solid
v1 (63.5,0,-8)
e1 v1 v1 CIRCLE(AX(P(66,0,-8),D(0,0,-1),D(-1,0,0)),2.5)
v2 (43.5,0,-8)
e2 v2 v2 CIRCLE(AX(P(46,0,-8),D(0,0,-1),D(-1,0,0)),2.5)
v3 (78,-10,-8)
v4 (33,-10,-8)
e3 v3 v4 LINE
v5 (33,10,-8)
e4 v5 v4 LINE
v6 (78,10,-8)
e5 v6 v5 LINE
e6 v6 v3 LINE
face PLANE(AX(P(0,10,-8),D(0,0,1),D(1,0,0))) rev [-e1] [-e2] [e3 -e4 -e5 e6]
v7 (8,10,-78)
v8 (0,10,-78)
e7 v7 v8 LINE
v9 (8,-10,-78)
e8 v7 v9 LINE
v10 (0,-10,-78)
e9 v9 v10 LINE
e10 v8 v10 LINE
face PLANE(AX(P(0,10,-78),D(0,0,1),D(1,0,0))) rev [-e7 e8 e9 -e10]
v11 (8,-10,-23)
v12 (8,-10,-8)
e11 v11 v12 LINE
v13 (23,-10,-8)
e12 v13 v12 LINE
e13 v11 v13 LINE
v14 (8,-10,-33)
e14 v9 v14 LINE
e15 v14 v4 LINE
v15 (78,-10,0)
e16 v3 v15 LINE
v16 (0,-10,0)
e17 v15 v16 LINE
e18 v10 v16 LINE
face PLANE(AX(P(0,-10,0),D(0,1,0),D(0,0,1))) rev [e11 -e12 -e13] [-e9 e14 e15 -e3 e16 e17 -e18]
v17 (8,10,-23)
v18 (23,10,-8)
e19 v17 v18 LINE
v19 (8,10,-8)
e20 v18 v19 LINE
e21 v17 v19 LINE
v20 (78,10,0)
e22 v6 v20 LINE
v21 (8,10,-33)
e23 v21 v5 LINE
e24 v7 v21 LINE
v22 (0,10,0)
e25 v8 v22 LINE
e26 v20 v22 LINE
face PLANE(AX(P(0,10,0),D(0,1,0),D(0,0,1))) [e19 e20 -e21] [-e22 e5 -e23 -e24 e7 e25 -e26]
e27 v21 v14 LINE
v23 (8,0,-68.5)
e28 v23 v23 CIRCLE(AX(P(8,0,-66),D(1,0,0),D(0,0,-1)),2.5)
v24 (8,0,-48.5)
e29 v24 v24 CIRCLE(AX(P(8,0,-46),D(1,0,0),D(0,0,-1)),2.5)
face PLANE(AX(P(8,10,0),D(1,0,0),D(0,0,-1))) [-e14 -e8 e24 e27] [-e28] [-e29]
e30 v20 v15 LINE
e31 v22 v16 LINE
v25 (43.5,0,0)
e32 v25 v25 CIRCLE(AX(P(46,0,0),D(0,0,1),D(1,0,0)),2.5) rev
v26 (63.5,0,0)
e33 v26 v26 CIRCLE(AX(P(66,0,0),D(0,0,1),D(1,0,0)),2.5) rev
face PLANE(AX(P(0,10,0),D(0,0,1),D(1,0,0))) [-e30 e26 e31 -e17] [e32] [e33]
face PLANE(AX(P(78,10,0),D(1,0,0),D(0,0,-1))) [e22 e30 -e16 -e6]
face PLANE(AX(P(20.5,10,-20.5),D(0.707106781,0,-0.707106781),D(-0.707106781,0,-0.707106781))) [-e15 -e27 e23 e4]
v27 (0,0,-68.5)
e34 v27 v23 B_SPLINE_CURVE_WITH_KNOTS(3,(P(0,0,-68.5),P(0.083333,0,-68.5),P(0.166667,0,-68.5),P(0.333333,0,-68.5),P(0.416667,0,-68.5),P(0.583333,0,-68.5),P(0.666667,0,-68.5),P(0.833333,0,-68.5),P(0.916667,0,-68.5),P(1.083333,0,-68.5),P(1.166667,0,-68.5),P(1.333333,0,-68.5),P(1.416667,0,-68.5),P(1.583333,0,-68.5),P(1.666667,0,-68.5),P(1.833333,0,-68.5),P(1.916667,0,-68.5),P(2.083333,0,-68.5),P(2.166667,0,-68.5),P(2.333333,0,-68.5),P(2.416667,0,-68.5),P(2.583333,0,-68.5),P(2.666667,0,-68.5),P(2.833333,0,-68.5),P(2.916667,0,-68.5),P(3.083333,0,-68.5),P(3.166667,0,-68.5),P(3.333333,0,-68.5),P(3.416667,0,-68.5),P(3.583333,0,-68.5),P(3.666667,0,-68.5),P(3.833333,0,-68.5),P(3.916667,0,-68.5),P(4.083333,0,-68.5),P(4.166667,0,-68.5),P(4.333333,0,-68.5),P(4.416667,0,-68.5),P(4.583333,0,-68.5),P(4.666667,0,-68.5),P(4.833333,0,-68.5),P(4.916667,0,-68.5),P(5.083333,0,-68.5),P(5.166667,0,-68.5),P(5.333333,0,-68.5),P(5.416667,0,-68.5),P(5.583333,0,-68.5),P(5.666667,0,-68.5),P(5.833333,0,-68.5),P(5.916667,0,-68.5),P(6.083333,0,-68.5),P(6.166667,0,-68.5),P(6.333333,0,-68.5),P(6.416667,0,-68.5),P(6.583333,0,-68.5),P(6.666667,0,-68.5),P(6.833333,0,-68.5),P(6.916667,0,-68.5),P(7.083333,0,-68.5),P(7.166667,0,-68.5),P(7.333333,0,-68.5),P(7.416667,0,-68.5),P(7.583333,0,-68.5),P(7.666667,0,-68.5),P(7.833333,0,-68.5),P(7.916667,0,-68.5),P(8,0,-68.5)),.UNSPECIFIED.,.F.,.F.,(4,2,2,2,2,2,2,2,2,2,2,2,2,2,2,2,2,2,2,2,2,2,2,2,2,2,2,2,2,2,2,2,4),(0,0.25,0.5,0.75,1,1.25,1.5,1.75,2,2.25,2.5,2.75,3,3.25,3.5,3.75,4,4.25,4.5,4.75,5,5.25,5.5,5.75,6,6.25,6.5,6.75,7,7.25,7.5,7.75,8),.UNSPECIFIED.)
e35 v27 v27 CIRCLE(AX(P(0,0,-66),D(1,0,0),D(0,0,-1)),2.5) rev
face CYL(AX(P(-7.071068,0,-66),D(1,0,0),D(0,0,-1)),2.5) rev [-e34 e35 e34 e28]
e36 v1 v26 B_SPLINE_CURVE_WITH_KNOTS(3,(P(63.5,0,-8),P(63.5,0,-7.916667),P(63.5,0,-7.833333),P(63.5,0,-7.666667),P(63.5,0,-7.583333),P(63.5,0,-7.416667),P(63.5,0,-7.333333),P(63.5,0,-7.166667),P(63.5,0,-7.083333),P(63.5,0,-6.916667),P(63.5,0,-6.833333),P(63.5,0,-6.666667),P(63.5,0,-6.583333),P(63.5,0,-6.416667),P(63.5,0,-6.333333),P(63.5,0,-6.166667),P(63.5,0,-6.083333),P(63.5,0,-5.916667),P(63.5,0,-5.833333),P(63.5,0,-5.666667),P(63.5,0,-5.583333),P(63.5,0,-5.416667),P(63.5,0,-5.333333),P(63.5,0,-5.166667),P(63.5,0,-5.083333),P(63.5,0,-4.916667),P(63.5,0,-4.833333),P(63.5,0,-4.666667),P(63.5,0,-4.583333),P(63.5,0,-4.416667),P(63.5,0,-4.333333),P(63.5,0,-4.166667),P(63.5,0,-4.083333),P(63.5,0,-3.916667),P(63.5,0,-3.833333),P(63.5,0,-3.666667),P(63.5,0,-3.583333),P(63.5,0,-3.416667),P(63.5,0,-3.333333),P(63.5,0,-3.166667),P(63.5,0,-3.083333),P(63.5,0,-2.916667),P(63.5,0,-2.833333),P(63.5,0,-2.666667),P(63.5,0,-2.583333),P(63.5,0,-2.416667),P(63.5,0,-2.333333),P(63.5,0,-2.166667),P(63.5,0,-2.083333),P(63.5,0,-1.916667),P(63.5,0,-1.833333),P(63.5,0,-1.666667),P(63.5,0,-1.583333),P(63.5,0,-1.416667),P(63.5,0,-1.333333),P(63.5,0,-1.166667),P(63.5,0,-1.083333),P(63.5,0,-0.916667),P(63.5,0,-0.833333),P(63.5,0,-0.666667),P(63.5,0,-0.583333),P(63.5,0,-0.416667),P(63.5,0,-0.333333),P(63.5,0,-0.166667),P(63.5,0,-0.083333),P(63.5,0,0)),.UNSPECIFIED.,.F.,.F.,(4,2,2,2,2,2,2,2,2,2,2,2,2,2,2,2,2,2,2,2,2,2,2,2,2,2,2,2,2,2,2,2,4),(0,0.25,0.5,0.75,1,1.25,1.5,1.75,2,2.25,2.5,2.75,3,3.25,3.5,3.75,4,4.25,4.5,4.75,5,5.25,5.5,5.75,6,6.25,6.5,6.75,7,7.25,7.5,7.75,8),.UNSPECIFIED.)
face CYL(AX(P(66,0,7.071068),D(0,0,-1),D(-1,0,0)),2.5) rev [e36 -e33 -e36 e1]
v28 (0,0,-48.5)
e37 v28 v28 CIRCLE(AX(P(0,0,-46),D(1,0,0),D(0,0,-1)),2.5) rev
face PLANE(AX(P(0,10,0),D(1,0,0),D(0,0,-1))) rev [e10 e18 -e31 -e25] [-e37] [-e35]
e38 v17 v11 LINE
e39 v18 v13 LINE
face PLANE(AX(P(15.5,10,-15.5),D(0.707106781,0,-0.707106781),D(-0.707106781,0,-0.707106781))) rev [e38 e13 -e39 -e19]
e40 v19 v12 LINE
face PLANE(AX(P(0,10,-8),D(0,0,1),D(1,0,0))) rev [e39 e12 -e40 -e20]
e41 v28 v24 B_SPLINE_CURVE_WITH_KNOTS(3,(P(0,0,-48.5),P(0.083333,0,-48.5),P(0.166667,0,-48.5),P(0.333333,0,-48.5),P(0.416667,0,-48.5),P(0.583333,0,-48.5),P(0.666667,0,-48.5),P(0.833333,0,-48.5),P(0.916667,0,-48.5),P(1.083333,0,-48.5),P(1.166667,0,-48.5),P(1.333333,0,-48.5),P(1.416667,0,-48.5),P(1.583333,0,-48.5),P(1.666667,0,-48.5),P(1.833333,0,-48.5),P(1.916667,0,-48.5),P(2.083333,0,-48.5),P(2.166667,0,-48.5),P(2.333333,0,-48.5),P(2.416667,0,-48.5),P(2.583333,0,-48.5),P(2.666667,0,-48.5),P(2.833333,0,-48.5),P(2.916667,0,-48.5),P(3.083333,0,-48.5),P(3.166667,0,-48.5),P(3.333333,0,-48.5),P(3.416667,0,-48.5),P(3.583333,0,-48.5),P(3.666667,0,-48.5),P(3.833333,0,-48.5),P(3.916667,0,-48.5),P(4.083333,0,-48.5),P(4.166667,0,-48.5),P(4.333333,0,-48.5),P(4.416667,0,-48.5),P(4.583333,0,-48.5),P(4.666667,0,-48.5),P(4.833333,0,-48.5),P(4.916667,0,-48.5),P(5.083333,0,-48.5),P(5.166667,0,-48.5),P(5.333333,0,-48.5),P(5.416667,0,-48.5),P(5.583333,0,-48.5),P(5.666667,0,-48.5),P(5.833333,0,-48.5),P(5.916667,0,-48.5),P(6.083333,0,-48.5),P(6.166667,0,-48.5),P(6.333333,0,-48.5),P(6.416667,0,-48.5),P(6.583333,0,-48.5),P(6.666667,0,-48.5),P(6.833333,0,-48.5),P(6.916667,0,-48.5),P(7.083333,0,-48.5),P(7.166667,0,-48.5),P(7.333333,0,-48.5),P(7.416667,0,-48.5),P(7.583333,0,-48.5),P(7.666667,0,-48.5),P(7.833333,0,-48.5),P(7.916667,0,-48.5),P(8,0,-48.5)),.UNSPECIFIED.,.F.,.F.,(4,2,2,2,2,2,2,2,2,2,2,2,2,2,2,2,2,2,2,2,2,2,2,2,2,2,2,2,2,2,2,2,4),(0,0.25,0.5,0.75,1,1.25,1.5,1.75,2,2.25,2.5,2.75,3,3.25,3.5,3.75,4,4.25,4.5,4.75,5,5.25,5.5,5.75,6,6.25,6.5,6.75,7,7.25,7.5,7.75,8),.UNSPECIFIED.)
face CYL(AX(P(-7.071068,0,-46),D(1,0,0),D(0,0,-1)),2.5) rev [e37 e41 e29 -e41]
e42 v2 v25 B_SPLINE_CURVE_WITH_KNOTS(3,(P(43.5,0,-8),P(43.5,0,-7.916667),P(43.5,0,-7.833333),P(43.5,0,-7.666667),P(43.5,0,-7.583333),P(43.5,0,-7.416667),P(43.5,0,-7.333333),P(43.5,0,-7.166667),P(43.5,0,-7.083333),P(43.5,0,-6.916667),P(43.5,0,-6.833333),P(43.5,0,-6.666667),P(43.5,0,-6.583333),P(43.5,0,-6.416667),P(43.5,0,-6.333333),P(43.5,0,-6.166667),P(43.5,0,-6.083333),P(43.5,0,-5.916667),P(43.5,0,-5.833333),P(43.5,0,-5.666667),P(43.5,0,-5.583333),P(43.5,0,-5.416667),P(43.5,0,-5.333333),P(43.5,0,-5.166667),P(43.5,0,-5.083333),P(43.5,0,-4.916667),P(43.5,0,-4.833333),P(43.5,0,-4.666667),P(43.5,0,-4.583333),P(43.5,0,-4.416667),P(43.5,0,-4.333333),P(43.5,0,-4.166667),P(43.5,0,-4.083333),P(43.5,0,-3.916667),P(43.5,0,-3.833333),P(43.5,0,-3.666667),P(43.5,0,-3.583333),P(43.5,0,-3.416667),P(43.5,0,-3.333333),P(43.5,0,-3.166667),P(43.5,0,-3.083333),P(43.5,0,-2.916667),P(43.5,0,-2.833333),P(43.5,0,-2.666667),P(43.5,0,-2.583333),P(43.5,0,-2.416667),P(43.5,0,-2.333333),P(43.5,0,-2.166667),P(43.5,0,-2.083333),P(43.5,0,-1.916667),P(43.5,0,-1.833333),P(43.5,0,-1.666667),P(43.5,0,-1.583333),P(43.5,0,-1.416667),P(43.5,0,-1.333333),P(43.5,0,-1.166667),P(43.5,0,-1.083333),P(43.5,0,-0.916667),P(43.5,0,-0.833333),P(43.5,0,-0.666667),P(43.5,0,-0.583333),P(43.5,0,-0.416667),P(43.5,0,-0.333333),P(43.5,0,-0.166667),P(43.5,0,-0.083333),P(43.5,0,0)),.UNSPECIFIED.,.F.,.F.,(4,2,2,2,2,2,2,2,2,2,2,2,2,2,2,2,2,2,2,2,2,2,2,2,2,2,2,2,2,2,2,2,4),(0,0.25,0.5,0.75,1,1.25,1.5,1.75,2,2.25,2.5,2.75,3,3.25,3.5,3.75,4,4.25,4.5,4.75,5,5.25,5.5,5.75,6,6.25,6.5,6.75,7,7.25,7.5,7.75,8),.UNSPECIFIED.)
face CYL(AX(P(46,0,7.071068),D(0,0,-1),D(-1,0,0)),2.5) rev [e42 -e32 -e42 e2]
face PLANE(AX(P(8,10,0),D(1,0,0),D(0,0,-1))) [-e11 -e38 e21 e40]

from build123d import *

# Parameters (mm, degrees)
BOSS_EXTRUDE1_DEPTH = 10
BOSS_EXTRUDE2_DEPTH = 10
SKETCH2_R           = 2.5
CUT_EXTRUDE1_DEPTH  = 8
SKETCH3_R           = 2.5
CUT_EXTRUDE2_DEPTH  = 8


with BuildPart() as part:
    # Sketch1 → Boss-Extrude1 (new, symmetric)
    with BuildSketch(Plane(origin=(0, 0, 0), x_dir=(1, 0, 0), z_dir=(0, 1, 0))):
        Polygon((8, 8), (8, 23), (8, 33), (8, 78), (0, 78), (0, 0), (78, 0), (78, 8), (33, 8), (23, 8), align=None)
    extrude(amount=BOSS_EXTRUDE1_DEPTH, both=True)

    # Sketch1<3> → Boss-Extrude2 (add, symmetric)
    with BuildSketch(Plane(origin=(0, 0, 0), x_dir=(1, 0, 0), z_dir=(0, 1, 0))):
        Polygon((8, 33), (8, 23), (23, 8), (33, 8), align=None)
    extrude(amount=BOSS_EXTRUDE2_DEPTH, both=True)

    # Sketch2 → Cut-Extrude1 (cut)
    with BuildSketch(Plane(origin=(8, 0, 0), x_dir=(0, 0, -1), z_dir=(1, 0, 0))):
        with Locations((46, 0)):
            Circle(SKETCH2_R)
        with Locations((66, 0)):
            Circle(SKETCH2_R)
    extrude(amount=-CUT_EXTRUDE1_DEPTH, mode=Mode.SUBTRACT)

    # Sketch3 → Cut-Extrude2 (cut)
    with BuildSketch(Plane(origin=(0, 0, -8), x_dir=(-1, 0, 0), z_dir=(0, 0, -1))):
        with Locations((-66, 0)):
            Circle(SKETCH3_R)
        with Locations((-46, 0)):
            Circle(SKETCH3_R)
    extrude(amount=-CUT_EXTRUDE2_DEPTH, mode=Mode.SUBTRACT)


solid = part.part
